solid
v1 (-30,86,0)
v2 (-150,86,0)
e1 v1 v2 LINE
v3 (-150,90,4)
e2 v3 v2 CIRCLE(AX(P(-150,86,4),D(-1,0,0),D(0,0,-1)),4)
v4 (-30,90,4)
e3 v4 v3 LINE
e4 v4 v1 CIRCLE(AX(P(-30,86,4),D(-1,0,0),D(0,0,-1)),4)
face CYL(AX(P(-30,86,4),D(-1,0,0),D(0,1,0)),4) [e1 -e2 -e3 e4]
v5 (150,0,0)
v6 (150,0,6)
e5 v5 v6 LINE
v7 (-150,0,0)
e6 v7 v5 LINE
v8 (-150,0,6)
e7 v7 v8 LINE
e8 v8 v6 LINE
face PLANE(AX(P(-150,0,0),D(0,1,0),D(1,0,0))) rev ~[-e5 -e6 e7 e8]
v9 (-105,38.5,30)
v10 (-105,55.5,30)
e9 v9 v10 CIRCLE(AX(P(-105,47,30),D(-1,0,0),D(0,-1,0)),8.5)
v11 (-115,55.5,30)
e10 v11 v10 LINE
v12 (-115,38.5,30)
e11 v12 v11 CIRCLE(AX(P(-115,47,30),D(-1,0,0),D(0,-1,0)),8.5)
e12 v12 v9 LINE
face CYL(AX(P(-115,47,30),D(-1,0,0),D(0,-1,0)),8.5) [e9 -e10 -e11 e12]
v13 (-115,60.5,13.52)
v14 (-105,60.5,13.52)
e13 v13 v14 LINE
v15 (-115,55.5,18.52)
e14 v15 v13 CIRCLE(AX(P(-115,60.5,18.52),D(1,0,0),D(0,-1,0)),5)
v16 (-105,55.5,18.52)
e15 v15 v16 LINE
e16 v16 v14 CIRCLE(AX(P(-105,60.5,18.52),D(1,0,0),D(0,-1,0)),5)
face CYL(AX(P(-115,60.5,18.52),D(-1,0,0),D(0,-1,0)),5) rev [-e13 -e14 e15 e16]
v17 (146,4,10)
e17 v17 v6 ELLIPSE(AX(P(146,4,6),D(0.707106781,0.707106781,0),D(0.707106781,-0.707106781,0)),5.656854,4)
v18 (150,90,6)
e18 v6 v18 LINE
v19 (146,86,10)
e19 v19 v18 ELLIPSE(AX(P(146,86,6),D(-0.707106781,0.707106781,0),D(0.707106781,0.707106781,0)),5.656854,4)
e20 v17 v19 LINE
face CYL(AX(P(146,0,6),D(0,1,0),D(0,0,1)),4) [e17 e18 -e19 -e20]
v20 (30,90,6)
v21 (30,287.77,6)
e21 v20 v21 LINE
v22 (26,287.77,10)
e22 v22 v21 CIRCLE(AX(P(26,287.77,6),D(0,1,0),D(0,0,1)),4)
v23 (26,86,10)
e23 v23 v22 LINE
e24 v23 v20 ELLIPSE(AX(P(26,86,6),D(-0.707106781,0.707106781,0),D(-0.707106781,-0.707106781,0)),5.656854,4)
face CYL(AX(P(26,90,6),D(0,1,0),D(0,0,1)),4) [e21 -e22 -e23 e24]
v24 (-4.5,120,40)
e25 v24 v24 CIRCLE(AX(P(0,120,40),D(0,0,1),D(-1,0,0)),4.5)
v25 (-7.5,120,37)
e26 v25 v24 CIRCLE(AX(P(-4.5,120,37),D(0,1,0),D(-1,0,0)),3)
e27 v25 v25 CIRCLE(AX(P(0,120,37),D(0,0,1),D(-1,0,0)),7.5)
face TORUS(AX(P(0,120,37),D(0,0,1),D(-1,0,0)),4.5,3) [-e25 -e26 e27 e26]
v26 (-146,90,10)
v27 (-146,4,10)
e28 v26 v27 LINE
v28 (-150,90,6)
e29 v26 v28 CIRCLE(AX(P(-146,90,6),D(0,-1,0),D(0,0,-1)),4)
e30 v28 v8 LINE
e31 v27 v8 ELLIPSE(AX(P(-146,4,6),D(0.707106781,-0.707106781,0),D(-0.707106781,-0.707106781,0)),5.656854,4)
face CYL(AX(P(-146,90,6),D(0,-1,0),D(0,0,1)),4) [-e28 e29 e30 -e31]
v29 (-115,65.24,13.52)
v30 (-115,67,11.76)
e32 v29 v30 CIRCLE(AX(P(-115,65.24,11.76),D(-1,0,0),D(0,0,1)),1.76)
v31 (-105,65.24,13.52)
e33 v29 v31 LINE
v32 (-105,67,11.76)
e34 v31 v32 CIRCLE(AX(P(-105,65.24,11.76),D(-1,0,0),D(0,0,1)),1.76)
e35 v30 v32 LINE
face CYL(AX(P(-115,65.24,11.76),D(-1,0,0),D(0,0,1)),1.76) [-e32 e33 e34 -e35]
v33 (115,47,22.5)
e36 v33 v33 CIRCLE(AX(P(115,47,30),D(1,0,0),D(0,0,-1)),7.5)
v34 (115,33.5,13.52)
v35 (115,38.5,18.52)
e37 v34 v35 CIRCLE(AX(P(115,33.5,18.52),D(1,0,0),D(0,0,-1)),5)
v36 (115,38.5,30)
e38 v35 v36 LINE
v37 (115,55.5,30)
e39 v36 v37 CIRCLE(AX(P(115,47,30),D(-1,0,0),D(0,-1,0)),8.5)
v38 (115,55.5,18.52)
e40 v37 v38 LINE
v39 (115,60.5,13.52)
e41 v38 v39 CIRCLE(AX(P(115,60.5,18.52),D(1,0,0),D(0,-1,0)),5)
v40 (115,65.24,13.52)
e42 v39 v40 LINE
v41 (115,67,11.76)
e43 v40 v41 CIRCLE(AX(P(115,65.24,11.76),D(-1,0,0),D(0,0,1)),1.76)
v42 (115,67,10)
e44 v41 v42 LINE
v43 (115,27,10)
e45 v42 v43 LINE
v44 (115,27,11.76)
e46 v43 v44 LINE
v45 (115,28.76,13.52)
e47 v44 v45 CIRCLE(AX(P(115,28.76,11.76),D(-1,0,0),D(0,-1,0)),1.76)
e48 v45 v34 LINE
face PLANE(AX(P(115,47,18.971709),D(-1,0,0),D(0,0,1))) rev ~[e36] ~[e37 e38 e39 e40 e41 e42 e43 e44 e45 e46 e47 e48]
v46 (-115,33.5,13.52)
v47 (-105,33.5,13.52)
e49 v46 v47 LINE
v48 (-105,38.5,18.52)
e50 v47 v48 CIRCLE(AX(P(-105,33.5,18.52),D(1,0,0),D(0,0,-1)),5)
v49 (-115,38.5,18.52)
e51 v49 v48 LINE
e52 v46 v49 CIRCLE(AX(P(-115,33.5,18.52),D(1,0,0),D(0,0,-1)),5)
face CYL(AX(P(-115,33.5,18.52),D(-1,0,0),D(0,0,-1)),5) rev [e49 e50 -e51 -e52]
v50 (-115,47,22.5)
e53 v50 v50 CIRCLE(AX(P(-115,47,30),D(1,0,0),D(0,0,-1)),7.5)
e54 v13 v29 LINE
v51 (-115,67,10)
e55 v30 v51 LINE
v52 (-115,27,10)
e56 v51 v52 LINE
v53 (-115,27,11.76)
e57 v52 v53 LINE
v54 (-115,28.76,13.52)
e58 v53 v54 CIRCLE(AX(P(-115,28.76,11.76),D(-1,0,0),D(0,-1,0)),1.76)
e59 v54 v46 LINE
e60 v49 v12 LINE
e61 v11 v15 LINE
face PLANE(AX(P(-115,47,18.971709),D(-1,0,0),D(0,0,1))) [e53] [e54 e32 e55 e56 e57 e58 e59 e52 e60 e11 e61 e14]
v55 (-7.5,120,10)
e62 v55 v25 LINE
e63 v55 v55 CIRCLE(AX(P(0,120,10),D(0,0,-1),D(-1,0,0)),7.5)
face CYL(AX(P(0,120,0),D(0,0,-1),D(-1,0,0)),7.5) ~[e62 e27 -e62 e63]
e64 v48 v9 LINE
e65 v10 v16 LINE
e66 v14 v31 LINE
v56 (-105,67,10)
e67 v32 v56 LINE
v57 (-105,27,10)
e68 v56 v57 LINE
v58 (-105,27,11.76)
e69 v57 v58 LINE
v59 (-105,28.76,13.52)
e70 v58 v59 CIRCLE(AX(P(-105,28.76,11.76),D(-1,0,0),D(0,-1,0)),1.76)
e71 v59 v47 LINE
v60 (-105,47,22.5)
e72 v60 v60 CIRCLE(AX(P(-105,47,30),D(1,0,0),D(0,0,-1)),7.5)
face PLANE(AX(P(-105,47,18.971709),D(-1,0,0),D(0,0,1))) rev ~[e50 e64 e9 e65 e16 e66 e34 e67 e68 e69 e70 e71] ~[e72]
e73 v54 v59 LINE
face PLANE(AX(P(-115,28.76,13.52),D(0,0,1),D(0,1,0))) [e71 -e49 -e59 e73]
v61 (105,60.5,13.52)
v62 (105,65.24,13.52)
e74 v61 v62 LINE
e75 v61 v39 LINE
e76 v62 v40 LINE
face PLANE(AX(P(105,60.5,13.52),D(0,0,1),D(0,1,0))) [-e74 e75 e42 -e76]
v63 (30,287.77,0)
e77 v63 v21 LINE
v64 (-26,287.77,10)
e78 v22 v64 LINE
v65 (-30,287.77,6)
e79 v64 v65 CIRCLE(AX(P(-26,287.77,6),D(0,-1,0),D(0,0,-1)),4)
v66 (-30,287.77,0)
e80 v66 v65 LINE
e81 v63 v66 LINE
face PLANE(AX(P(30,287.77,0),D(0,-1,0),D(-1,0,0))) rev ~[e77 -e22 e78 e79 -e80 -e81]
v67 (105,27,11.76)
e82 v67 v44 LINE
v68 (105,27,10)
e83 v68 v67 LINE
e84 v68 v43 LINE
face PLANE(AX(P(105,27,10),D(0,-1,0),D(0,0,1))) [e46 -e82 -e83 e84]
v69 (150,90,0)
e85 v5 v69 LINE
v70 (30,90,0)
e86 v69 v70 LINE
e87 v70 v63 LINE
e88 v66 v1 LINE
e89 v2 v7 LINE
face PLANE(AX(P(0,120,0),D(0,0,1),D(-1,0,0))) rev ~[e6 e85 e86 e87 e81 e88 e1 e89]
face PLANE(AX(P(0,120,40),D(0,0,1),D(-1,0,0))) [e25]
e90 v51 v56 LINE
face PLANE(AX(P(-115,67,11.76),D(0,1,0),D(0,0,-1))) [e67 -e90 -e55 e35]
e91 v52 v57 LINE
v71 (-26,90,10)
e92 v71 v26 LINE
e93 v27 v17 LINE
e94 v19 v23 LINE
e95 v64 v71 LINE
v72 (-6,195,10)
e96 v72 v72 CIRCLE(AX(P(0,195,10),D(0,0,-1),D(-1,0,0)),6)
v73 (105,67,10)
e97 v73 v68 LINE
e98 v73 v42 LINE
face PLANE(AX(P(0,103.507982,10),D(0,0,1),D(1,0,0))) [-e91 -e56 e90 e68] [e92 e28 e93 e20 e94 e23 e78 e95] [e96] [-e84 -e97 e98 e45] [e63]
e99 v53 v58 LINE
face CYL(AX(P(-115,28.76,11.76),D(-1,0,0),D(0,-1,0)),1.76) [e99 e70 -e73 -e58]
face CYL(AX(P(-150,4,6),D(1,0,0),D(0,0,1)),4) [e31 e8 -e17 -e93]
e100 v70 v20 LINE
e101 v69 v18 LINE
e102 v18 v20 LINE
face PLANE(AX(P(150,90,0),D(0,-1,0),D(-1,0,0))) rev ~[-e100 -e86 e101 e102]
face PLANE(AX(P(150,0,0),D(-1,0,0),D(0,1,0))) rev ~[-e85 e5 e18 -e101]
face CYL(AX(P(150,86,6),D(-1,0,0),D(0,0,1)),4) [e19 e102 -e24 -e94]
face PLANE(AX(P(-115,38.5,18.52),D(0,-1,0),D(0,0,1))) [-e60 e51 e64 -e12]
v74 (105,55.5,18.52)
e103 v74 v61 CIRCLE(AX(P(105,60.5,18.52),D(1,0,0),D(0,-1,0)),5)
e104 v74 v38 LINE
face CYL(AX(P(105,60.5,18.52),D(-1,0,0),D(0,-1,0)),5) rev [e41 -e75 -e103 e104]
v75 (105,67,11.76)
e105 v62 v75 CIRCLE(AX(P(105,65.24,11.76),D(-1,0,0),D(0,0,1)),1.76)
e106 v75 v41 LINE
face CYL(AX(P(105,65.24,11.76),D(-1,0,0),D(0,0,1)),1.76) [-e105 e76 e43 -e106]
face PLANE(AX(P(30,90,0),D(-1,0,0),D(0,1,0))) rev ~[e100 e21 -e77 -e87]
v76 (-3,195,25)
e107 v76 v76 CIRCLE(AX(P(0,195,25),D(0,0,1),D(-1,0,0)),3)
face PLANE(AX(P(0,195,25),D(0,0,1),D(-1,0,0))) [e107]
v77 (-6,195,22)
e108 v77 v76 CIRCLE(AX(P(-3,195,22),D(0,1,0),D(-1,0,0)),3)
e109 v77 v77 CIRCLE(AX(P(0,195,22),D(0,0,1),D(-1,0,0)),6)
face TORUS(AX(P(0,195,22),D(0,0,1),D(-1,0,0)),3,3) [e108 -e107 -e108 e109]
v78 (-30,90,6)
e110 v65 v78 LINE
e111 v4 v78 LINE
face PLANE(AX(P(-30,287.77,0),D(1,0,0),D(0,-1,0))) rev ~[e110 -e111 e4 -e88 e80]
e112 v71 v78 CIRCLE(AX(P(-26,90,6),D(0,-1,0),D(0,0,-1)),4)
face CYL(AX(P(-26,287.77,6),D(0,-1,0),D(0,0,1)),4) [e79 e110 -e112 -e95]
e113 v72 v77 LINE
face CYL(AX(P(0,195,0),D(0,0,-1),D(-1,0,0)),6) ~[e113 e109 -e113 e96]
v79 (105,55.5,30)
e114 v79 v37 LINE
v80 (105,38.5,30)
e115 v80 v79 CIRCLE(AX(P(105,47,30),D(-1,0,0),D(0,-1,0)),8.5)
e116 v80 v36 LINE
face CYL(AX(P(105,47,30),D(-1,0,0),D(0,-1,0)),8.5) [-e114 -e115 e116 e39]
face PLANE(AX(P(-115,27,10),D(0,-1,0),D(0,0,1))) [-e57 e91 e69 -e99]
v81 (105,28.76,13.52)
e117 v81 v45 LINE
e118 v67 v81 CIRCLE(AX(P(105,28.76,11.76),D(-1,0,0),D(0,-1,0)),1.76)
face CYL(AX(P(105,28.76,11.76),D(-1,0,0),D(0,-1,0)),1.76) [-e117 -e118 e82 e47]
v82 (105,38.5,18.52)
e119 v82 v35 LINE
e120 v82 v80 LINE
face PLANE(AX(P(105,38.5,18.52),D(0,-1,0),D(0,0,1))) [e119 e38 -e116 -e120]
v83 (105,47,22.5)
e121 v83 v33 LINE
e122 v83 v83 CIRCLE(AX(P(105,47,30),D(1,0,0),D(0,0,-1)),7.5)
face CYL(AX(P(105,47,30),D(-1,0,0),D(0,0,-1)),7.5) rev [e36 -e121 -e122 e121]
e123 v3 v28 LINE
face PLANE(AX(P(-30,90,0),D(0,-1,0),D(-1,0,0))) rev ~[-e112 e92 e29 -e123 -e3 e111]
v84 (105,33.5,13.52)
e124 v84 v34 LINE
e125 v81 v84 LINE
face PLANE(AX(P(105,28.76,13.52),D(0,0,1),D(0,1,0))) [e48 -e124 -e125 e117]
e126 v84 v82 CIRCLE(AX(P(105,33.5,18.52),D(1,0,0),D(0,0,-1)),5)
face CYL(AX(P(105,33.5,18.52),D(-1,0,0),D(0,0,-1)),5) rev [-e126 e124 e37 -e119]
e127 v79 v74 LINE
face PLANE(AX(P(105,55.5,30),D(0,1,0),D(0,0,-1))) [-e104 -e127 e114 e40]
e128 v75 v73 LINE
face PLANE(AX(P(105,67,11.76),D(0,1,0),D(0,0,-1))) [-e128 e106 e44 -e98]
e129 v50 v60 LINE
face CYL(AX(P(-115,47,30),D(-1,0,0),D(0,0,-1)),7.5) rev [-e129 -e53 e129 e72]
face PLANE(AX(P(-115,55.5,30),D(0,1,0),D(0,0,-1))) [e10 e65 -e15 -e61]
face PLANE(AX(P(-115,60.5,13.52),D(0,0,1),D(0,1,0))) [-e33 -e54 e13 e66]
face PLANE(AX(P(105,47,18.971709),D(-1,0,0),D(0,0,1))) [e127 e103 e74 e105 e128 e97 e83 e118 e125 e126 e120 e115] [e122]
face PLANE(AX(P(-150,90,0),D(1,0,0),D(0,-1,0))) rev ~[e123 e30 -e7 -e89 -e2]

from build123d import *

# Parameters (mm, degrees)
BOSS_EXTRUDE1_DEPTH = 10
SKETCH1_3_R         = 6
BOSS_EXTRUDE2_DEPTH = 25
SKETCH1_4_R         = 7.5
BOSS_EXTRUDE3_DEPTH = 40
FILLET1_R           = 3
FILLET3_R           = 4
BOSS_EXTRUDE4_START = 105
SKETCH2_R           = 7.5
BOSS_EXTRUDE4_DEPTH = 10
BOSS_EXTRUDE5_START = -115
SKETCH2_2_R         = 7.5
BOSS_EXTRUDE5_DEPTH = 10


with BuildPart() as part:
    # Sketch1 → Boss-Extrude1 (new body)
    with BuildSketch(Plane.XY):
        Polygon((-150, 0), (150, 0), (150, 90), (30, 90), (30, 287.77), (-30, 287.77), (-30, 90), (-150, 90), align=None)
    extrude(amount=BOSS_EXTRUDE1_DEPTH)

    # Sketch1<3> → Boss-Extrude2 (add)
    with BuildSketch(Plane.XY):
        with Locations((0, 195)):
            Circle(SKETCH1_3_R)
    extrude(amount=BOSS_EXTRUDE2_DEPTH)

    # Sketch1<4> → Boss-Extrude3 (add)
    with BuildSketch(Plane.XY):
        with Locations((0, 120)):
            Circle(SKETCH1_4_R)
    extrude(amount=BOSS_EXTRUDE3_DEPTH)

    # Fillet1
    fillet1_edges = [part.edges().sort_by_distance(p)[0] for p in [
        (-7.5, 120, 40),
        (-6, 195, 25),
    ]]
    fillet(fillet1_edges, radius=FILLET1_R)

    # Fillet3
    fillet3_edges = [part.edges().sort_by_distance(p)[0] for p in [
        (-150, 45, 10),
        (0, 0, 10),
        (150, 45, 10),
        (90, 90, 10),
        (30, 188.885, 10),
        (-30, 188.885, 10),
        (-90, 90, 0),
    ]]
    fillet(fillet3_edges, radius=FILLET3_R)

    # Sketch2 → Boss-Extrude4 (add)
    with BuildSketch(Plane(origin=(0, 0, 0), x_dir=(0, 0, -1), z_dir=(1, 0, 0)).offset(BOSS_EXTRUDE4_START)):
        with BuildLine():
            Line((-10, 67), (-10, 27))
            Line((-10, 27), (-11.76, 27))
            ThreePointArc((-11.76, 27), (-13.004507935, 27.515492065), (-13.52, 28.76))
            Line((-13.52, 28.76), (-13.52, 33.5))
            ThreePointArc((-13.52, 33.5), (-14.984466094, 37.035533906), (-18.52, 38.5))
            Line((-18.52, 38.5), (-30, 38.5))
            ThreePointArc((-30, 38.5), (-38.5, 47), (-30, 55.5))
            Line((-30, 55.5), (-18.52, 55.5))
            ThreePointArc((-18.52, 55.5), (-14.984466094, 56.964466094), (-13.52, 60.5))
            Line((-13.52, 60.5), (-13.52, 65.24))
            ThreePointArc((-13.52, 65.24), (-13.004507935, 66.484507935), (-11.76, 67))
            Line((-11.76, 67), (-10, 67))
        make_face()
        with Locations((-30, 47)):
            Circle(SKETCH2_R, mode=Mode.SUBTRACT)
    extrude(amount=BOSS_EXTRUDE4_DEPTH)

    # Sketch2<2> → Boss-Extrude5 (add)
    with BuildSketch(Plane(origin=(0, 0, 0), x_dir=(0, 0, -1), z_dir=(1, 0, 0)).offset(BOSS_EXTRUDE5_START)):
        with BuildLine():
            Line((-10, 67), (-10, 27))
            Line((-10, 27), (-11.76, 27))
            ThreePointArc((-11.76, 27), (-13.004507935, 27.515492065), (-13.52, 28.76))
            Line((-13.52, 28.76), (-13.52, 33.5))
            ThreePointArc((-13.52, 33.5), (-14.984466094, 37.035533906), (-18.52, 38.5))
            Line((-18.52, 38.5), (-30, 38.5))
            ThreePointArc((-30, 38.5), (-38.5, 47), (-30, 55.5))
            Line((-30, 55.5), (-18.52, 55.5))
            ThreePointArc((-18.52, 55.5), (-14.984466094, 56.964466094), (-13.52, 60.5))
            Line((-13.52, 60.5), (-13.52, 65.24))
            ThreePointArc((-13.52, 65.24), (-13.004507935, 66.484507935), (-11.76, 67))
            Line((-11.76, 67), (-10, 67))
        make_face()
        with Locations((-30, 47)):
            Circle(SKETCH2_2_R, mode=Mode.SUBTRACT)
    extrude(amount=BOSS_EXTRUDE5_DEPTH)


solid = part.part
